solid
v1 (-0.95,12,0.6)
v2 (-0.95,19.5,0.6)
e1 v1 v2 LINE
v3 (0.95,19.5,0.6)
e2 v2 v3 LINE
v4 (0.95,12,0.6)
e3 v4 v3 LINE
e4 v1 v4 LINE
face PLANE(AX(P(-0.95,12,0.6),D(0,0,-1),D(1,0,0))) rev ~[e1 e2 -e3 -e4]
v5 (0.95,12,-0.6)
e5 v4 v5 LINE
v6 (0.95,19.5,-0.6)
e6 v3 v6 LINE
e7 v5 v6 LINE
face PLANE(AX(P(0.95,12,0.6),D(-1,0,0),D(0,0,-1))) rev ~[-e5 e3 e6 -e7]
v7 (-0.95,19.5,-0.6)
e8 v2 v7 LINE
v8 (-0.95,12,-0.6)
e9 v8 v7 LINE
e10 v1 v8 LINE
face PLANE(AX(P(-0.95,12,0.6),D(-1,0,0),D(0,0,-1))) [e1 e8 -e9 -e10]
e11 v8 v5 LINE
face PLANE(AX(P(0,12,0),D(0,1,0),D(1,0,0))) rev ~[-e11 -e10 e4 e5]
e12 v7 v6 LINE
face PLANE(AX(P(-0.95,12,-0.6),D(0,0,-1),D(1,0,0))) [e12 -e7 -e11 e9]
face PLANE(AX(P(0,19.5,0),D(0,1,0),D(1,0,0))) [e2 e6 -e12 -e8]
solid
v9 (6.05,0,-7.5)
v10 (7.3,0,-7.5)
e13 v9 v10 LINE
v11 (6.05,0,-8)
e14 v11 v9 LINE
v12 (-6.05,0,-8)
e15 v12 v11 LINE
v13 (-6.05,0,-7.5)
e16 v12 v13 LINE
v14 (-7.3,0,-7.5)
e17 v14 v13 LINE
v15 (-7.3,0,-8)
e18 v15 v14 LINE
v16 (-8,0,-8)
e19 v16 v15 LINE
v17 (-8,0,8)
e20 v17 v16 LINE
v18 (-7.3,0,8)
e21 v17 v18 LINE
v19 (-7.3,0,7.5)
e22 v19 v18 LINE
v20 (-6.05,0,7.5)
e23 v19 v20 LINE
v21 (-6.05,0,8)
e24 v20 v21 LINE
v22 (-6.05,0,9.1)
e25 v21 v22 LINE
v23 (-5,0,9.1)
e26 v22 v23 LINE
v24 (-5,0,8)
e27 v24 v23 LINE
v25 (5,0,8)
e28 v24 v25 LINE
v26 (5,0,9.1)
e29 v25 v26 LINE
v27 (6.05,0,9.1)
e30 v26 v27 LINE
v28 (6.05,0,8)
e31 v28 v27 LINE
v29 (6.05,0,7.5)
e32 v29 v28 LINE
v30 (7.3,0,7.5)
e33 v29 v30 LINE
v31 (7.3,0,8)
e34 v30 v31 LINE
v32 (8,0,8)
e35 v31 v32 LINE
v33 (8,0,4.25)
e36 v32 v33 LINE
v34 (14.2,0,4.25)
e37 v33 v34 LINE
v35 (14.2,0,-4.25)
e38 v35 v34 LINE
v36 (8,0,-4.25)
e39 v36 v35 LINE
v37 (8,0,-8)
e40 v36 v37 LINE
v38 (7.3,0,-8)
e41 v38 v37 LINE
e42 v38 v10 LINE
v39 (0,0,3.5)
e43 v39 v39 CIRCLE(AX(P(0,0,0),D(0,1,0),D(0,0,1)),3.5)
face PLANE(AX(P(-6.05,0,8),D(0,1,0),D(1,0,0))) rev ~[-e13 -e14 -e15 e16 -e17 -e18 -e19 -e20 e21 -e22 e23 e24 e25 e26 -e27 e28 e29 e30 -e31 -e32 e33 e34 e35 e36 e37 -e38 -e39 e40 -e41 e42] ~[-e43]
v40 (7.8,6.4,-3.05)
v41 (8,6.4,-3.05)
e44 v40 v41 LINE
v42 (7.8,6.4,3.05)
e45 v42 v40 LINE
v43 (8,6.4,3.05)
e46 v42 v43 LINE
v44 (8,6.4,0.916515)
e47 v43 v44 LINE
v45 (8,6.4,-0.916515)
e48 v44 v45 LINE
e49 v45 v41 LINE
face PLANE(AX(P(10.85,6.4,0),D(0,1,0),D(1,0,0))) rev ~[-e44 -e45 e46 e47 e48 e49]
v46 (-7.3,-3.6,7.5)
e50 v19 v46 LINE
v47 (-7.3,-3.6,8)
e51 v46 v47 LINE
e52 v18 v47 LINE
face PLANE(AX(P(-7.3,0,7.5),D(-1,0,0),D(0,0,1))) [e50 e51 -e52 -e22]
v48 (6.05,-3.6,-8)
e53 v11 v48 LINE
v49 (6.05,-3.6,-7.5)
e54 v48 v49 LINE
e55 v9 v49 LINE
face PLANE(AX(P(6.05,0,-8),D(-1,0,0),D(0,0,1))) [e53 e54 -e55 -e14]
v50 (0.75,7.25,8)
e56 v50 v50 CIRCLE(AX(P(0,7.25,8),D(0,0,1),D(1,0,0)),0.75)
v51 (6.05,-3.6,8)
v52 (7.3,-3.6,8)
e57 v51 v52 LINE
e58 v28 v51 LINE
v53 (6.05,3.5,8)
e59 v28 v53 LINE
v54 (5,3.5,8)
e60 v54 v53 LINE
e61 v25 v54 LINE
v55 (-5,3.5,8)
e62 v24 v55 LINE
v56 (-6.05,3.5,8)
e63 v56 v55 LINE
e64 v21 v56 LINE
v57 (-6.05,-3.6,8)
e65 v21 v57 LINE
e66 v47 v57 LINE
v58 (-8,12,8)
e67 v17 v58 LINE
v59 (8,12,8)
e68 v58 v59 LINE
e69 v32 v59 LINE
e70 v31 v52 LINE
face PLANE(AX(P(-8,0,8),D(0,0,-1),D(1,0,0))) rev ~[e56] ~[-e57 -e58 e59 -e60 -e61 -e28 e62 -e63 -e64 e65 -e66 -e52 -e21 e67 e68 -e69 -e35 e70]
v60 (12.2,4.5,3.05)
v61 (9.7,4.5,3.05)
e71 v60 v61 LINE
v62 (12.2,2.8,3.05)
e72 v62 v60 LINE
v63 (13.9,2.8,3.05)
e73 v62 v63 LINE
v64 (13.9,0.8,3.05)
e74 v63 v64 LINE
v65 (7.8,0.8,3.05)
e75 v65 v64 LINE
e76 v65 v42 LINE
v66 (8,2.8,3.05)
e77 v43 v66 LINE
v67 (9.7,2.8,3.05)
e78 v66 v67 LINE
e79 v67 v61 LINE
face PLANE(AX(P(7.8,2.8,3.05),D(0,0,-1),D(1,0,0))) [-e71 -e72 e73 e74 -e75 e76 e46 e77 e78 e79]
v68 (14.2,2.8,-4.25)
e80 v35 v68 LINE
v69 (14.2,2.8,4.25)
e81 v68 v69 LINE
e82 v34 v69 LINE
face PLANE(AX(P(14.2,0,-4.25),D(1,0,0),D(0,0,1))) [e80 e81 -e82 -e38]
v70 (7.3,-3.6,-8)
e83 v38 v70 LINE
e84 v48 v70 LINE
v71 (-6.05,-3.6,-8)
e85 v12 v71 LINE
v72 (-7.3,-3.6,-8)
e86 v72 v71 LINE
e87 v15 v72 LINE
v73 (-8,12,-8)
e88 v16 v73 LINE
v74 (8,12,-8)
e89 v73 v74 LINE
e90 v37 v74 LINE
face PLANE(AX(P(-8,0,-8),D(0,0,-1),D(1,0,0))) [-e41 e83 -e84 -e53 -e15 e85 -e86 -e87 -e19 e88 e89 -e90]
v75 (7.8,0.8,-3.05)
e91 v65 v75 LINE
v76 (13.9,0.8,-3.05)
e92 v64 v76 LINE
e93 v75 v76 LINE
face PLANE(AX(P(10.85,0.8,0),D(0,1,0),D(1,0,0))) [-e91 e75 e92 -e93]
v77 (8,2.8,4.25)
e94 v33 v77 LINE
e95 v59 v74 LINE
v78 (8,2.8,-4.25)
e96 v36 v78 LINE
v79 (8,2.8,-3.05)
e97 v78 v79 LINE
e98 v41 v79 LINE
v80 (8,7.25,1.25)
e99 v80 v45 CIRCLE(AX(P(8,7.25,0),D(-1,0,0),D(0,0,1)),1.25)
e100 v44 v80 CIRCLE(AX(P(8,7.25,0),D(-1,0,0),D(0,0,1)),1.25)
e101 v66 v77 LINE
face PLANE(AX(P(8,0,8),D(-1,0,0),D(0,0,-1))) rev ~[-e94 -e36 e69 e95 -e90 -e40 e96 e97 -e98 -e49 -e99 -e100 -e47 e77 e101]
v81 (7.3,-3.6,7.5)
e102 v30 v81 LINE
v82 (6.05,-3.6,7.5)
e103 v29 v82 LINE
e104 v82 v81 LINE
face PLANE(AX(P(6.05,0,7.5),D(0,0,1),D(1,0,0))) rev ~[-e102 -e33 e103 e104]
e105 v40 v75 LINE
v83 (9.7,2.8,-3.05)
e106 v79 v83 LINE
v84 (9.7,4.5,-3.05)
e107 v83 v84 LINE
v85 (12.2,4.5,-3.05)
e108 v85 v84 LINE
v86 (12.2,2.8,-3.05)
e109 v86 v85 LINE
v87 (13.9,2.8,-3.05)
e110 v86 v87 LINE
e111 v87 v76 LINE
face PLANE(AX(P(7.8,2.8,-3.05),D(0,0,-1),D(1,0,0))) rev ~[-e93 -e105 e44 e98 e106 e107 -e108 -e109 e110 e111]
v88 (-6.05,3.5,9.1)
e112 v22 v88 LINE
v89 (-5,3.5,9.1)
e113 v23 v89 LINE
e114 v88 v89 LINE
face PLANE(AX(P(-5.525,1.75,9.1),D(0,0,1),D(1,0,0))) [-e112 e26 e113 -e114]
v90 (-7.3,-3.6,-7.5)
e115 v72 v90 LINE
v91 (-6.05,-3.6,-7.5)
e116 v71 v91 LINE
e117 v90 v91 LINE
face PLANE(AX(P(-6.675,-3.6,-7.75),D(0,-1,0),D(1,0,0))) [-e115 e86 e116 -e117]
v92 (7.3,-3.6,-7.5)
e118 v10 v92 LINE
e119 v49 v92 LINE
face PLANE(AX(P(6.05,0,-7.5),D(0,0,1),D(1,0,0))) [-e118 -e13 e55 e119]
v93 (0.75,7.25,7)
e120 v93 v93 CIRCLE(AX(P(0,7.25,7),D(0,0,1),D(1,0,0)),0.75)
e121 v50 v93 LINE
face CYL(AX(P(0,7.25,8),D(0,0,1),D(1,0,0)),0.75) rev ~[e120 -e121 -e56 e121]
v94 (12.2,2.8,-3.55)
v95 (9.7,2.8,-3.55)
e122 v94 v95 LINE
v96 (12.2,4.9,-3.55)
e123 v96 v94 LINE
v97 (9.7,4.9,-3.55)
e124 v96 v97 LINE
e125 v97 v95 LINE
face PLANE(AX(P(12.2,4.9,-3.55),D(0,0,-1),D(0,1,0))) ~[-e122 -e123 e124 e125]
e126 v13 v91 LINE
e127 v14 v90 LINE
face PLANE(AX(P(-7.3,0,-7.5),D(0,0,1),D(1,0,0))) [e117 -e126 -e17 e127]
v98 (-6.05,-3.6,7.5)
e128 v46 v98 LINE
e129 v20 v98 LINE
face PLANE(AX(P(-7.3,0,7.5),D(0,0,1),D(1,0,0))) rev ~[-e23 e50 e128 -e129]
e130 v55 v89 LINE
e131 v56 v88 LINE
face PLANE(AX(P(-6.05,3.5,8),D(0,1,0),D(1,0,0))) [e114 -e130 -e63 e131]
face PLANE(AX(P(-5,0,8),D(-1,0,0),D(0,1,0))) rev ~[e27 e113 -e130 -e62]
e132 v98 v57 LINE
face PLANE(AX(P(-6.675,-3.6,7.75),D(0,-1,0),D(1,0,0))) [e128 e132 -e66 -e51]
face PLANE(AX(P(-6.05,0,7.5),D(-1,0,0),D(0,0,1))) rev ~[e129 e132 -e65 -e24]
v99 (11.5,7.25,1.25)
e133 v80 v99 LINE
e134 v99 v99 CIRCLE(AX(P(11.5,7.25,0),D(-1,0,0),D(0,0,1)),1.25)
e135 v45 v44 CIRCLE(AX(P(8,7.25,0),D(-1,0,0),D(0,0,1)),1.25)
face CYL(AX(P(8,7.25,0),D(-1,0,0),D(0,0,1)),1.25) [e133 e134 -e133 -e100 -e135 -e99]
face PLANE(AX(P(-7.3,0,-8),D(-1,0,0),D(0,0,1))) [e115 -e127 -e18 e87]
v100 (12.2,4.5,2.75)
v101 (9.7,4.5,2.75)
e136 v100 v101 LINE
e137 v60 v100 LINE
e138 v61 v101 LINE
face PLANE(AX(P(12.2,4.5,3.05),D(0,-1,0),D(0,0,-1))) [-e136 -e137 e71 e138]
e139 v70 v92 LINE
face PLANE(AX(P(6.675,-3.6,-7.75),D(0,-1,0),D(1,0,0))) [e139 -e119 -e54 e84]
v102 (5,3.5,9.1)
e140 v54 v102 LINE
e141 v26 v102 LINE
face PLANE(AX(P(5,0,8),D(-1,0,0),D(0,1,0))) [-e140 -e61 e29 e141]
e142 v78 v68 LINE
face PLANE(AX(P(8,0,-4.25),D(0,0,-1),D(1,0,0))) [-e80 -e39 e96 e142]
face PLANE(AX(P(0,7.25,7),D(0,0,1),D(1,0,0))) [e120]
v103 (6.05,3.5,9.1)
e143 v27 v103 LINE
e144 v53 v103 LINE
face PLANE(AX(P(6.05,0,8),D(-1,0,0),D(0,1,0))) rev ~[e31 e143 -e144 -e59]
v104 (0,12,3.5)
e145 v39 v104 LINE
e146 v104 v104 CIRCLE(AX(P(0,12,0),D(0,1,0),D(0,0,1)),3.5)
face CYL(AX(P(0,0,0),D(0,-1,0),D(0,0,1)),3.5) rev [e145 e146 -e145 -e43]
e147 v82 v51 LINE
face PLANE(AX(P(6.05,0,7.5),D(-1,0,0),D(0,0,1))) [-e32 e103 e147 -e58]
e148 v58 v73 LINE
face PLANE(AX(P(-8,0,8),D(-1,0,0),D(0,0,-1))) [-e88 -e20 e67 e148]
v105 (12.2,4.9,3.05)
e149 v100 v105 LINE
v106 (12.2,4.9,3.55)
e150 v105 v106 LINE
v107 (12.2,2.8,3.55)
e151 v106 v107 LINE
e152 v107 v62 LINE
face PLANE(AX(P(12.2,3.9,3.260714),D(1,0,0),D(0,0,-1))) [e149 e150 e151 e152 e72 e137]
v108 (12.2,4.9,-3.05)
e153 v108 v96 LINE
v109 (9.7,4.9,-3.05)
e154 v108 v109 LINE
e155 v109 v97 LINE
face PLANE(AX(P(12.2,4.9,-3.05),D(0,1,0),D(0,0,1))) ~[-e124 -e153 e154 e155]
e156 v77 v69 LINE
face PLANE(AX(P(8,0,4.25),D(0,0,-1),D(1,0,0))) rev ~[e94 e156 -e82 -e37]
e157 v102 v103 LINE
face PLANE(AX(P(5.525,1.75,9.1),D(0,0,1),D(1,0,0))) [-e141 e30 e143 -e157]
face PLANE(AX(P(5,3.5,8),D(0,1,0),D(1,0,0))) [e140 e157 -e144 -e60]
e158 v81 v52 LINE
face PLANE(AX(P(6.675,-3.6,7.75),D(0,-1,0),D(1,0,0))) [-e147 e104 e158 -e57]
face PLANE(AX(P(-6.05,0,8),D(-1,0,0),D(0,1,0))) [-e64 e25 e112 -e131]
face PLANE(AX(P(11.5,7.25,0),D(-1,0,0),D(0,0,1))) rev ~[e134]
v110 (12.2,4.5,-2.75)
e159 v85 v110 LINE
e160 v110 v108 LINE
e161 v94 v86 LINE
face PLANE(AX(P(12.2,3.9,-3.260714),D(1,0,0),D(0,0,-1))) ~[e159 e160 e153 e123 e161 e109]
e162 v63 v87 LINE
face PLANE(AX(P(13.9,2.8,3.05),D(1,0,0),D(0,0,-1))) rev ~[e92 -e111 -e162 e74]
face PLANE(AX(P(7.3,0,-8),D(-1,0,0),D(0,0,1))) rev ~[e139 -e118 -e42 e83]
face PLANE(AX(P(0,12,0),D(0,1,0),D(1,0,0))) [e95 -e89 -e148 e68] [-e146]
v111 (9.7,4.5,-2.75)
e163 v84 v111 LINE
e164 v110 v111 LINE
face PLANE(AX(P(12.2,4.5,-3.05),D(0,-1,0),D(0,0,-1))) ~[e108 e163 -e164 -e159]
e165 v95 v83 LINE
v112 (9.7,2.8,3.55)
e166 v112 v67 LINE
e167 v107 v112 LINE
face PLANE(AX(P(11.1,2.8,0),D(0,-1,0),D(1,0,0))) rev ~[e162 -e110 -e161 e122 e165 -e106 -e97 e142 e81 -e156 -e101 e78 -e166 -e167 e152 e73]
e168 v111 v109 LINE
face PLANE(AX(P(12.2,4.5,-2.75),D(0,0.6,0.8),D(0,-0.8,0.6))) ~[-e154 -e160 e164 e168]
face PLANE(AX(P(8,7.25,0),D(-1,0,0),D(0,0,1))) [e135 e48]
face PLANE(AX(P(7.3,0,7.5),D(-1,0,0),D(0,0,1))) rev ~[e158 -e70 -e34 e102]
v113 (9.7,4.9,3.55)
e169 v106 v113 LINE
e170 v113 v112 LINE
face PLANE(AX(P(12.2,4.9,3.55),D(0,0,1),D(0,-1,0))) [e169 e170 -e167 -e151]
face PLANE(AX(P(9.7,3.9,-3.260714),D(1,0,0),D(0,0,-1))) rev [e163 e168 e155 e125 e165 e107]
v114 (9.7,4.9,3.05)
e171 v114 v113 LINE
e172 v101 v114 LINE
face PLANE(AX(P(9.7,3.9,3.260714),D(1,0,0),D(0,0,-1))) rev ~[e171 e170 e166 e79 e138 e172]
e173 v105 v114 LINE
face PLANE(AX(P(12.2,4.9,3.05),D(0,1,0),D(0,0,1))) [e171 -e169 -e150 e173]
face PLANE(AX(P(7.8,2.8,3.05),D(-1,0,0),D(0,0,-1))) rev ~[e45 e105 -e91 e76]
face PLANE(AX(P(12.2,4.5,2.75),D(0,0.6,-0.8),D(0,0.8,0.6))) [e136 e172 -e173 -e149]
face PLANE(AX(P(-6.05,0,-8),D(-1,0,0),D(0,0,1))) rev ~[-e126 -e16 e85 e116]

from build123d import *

# Parameters (mm, degrees)
ESQUISSE1_W                  = 16
ESQUISSE1_H                  = 16
ESQUISSE1_R                  = 3.5
BOSS_EXTRU_1_DEPTH           = 12
ESQUISSE2_W                  = 1.25
ESQUISSE2_H                  = 0.5
BOSS_EXTRU_2_DEPTH           = 3.6
ESQUISSE5_R                  = 0.75
ENL_V_MAT_EXTRU_2_DEPTH      = 1
ESQUISSE6_W                  = 6.2
ESQUISSE6_H                  = 8.5
BOSS_EXTRU_4_DEPTH           = 2.8
ESQUISSE7_W                  = 6.1
ESQUISSE7_H                  = 6.1
ENL_V_MAT_EXTRU_3_DEPTH      = 3.6
ENL_V_MAT_EXTRU_3_DEPTH_BACK = 2
ESQUISSE3_R                  = 1.25
BOSS_EXTRU_3_DEPTH           = 3.5
BOSS_EXTRU_5_START           = -2
BOSS_EXTRU_5_DEPTH           = 2.5
ESQUISSE10_W                 = 1.05
ESQUISSE10_H                 = 3.5
BOSS_EXTRU_6_DEPTH           = 1.1
ESQUISSE11_W                 = 1.9
ESQUISSE11_H                 = 1.2
BOSS_EXTRU_7_DEPTH           = 7.5


with BuildPart() as part:
    # Esquisse1 → Boss.-Extru.1 (new body)
    with BuildSketch(Plane(origin=(0, 0, 0), x_dir=(1, 0, 0), z_dir=(0, 1, 0))):
        Rectangle(ESQUISSE1_W, ESQUISSE1_H)
        with Locations(Location((0, 0, 0), (0, 0, 270))):  # turned: the seam where the file's is
            Circle(ESQUISSE1_R, mode=Mode.SUBTRACT)
    extrude(amount=BOSS_EXTRU_1_DEPTH)

    # Esquisse2 → Boss.-Extru.2 (add)
    with BuildSketch(Plane.XZ):
        with Locations((-6.675, 7.75)):
            Rectangle(ESQUISSE2_W, ESQUISSE2_H)
        with Locations((6.675, 7.75)):
            Rectangle(ESQUISSE2_W, ESQUISSE2_H)
        with Locations((6.675, -7.75)):
            Rectangle(ESQUISSE2_W, ESQUISSE2_H)
        with Locations((-6.675, -7.75)):
            Rectangle(ESQUISSE2_W, ESQUISSE2_H)
    extrude(amount=BOSS_EXTRU_2_DEPTH)

    # Esquisse5 → Enlèv. mat.-Extru.2 (cut)
    with BuildSketch(Plane.XY.offset(8)):
        with Locations((0, 7.25)):
            Circle(ESQUISSE5_R)
    extrude(amount=-ENL_V_MAT_EXTRU_2_DEPTH, mode=Mode.SUBTRACT)

    # Esquisse6 → Boss.-Extru.4 (add)
    with BuildSketch(Plane.XZ):
        with Locations((11.1, 0)):
            Rectangle(ESQUISSE6_W, ESQUISSE6_H)
    extrude(amount=-BOSS_EXTRU_4_DEPTH)

    # Esquisse7 → Enlèv. mat.-Extru.3 (cut, two sides)
    with BuildSketch(Plane(origin=(0, 2.8, 0), x_dir=(1, 0, 0), z_dir=(0, 1, 0))) as enl_v_mat_extru_3_sk:
        with Locations((10.85, 0)):
            Rectangle(ESQUISSE7_W, ESQUISSE7_H)
    extrude(amount=ENL_V_MAT_EXTRU_3_DEPTH, mode=Mode.SUBTRACT)
    extrude(enl_v_mat_extru_3_sk.sketch, amount=-ENL_V_MAT_EXTRU_3_DEPTH_BACK, mode=Mode.SUBTRACT)

    # Esquisse3 → Boss.-Extru.3 (add)
    with BuildSketch(Plane.ZY.offset(-8)):
        with Locations((0, 7.25)):
            Circle(ESQUISSE3_R)
    extrude(amount=-BOSS_EXTRU_3_DEPTH)

    # Esquisse9 → Boss.-Extru.5 (add)
    with BuildSketch(Plane(origin=(14.2, 0, 0), x_dir=(0, 0, -1), z_dir=(1, 0, 0)).offset(BOSS_EXTRU_5_START)):
        Polygon((-3.05, 2.8), (-3.05, 4.5), (-2.75, 4.5), (-3.05, 4.9), (-3.55, 4.9), (-3.55, 2.8), align=None)
    boss_extru_5 = extrude(amount=-BOSS_EXTRU_5_DEPTH)

    # Symétrie1: Boss.-Extru.5 across plane
    add(boss_extru_5.mirror(Plane.XY))

    # Esquisse10 → Boss.-Extru.6 (add)
    with BuildSketch(Plane.XY.offset(8)):
        with Locations((-5.525, 1.75)):
            Rectangle(ESQUISSE10_W, ESQUISSE10_H)
        with Locations((5.525, 1.75)):
            Rectangle(ESQUISSE10_W, ESQUISSE10_H)
    extrude(amount=BOSS_EXTRU_6_DEPTH)


with BuildPart() as body_2:
    # Esquisse11 → Boss.-Extru.7 (new body)
    with BuildSketch(Plane(origin=(0, 12, 0), x_dir=(1, 0, 0), z_dir=(0, 1, 0))):
        Rectangle(ESQUISSE11_W, ESQUISSE11_H)
    extrude(amount=BOSS_EXTRU_7_DEPTH)


solid = Compound([part.part, body_2.part])
